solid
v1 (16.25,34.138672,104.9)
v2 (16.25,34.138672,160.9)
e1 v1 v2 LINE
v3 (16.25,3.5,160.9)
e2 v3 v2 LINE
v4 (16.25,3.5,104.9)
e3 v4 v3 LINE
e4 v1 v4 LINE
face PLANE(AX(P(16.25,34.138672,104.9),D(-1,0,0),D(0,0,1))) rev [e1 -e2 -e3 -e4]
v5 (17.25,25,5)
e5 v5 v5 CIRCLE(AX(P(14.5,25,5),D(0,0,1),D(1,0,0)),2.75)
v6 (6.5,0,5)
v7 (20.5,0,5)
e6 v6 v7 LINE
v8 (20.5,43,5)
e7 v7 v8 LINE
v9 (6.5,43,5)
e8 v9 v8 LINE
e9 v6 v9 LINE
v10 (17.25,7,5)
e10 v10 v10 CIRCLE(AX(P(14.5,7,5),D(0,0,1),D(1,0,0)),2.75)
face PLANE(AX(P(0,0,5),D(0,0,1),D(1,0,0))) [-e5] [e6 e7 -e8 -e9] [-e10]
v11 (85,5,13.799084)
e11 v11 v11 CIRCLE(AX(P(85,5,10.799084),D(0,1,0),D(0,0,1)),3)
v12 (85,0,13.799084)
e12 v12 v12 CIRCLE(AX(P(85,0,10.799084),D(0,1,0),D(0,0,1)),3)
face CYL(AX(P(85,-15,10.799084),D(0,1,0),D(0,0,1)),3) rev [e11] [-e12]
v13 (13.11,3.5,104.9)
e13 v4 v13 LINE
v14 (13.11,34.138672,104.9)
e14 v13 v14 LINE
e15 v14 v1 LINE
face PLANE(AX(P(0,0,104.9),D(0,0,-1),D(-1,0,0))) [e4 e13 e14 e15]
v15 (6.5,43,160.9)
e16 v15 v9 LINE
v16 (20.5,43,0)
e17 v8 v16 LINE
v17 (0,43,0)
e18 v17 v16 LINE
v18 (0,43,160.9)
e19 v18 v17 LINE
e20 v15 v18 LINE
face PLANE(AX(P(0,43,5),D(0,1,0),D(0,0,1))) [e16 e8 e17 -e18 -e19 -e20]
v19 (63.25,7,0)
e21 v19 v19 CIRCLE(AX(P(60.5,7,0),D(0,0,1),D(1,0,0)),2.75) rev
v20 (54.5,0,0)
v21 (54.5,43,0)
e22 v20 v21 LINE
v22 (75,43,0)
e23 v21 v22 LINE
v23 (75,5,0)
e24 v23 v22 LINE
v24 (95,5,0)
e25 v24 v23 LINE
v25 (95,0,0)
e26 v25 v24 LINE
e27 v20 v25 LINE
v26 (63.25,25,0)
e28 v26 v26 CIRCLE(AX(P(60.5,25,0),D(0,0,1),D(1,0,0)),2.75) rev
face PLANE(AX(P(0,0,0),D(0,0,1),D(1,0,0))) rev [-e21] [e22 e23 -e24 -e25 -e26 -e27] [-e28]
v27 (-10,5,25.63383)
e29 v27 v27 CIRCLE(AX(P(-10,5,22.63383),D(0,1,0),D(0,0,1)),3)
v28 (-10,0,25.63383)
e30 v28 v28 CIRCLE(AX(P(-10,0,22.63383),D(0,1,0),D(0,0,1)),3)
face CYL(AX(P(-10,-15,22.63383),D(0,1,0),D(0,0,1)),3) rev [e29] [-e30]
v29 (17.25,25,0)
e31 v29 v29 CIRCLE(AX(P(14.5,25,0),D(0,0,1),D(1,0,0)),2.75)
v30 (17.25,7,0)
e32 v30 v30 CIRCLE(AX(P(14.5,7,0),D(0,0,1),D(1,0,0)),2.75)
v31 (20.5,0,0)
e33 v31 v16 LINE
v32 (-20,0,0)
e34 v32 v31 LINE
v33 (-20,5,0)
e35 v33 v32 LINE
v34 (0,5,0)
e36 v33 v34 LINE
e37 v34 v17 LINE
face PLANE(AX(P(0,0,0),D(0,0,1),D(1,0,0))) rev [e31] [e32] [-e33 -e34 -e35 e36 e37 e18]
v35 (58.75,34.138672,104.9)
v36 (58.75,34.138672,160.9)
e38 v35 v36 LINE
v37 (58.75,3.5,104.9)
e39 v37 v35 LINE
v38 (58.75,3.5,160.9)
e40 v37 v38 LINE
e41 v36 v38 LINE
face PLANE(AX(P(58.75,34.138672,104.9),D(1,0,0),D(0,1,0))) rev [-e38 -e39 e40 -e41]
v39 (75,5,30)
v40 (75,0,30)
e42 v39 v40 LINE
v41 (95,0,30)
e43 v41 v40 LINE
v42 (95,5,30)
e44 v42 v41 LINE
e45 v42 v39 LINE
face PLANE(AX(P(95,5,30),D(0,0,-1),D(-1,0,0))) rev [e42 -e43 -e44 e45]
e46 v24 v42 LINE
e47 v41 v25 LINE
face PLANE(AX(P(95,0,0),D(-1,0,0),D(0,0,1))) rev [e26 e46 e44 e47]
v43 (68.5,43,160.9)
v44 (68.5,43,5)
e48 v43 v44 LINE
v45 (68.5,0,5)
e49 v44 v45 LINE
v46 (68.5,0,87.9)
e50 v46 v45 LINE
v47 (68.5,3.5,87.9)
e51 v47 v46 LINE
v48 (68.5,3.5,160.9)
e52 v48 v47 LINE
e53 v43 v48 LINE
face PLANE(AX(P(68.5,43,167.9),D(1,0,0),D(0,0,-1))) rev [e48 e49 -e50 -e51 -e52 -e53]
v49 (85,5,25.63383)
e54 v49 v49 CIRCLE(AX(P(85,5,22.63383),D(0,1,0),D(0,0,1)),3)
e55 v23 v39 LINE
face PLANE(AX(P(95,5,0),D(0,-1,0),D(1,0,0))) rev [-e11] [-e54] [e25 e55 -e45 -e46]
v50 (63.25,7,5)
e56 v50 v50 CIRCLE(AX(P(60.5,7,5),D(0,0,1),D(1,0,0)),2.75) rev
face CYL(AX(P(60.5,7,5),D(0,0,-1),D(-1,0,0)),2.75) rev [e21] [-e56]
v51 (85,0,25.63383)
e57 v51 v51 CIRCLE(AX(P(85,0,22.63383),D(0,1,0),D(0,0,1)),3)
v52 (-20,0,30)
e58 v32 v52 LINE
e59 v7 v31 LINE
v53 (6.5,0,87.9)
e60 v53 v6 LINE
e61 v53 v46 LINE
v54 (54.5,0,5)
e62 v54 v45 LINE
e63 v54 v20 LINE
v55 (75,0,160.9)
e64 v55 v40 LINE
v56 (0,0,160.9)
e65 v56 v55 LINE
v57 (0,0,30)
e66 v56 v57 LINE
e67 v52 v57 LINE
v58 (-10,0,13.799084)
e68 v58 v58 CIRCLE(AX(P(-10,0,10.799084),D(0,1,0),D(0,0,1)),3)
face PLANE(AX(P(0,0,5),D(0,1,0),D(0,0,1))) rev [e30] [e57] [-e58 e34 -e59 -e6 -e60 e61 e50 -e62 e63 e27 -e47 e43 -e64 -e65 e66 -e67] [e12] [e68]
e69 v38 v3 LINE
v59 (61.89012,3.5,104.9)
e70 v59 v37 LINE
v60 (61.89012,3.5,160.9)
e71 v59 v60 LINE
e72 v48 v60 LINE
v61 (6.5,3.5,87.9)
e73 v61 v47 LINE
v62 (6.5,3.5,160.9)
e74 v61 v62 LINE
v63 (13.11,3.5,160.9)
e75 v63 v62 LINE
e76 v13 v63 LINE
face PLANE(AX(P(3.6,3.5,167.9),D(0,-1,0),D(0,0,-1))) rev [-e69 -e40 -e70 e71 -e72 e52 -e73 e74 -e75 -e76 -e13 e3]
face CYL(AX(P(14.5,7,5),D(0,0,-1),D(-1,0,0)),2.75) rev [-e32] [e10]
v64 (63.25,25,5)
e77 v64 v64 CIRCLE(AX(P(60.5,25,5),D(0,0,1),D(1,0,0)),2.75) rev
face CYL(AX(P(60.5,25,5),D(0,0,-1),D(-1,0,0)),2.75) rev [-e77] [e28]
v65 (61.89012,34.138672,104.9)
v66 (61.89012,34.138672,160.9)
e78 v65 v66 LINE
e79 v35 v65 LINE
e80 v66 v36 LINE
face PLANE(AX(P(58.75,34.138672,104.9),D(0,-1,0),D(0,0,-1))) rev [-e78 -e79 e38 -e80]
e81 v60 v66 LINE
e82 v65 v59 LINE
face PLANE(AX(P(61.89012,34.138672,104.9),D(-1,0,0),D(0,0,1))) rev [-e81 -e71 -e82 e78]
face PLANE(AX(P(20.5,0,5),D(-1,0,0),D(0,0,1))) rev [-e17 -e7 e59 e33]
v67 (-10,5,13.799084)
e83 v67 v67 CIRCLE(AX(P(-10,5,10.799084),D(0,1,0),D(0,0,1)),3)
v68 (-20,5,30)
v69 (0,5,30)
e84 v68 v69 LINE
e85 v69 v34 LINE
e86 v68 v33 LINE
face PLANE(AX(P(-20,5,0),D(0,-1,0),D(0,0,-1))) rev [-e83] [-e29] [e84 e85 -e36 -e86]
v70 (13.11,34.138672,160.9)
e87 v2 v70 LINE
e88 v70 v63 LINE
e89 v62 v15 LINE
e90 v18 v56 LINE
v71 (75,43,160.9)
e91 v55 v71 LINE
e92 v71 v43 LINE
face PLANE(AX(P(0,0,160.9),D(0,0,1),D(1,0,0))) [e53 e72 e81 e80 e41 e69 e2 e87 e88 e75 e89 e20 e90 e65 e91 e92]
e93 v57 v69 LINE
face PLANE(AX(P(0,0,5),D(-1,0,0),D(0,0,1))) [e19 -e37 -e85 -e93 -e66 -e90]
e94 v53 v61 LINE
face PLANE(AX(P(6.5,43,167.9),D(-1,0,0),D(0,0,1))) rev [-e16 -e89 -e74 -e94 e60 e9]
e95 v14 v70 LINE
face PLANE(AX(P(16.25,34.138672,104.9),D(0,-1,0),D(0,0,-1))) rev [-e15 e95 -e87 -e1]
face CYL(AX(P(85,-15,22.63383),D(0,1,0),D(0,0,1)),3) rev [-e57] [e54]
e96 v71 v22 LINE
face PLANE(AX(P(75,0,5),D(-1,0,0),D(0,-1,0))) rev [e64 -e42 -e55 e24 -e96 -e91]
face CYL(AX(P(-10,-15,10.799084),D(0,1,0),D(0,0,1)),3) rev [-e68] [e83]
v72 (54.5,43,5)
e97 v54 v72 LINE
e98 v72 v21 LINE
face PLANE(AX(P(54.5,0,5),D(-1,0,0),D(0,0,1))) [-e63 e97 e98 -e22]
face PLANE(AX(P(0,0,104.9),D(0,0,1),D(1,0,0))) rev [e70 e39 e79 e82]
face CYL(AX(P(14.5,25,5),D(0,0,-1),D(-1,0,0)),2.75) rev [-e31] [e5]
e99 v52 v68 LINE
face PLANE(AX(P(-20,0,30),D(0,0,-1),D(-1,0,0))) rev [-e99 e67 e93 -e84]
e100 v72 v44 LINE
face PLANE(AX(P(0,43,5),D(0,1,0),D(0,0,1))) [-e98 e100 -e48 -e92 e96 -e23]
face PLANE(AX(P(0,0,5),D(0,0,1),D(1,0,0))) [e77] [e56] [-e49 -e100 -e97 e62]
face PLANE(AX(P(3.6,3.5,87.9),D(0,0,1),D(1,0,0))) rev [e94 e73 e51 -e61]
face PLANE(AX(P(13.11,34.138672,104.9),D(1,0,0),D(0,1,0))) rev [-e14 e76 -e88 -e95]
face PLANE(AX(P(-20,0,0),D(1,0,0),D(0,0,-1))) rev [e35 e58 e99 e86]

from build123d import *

# Parameters (mm, degrees)
SKETCH1_R             = 2.75
BOSS_EXTRUDE1_DEPTH   = 5
BOSS_EXTRUDE1_2_DEPTH = 5
SKETCH16_W            = 6.5
SKETCH16_H            = 43
BOSS_EXTRUDE2_DEPTH   = 162.9
SKETCH18_W            = 80
SKETCH18_H            = 3.5
BOSS_EXTRUDE3_DEPTH   = 64.9
SKETCH19_W            = 5
SKETCH19_H            = 39.5
BOSS_EXTRUDE4_DEPTH   = 64.9
SKETCH20_W            = 30
SKETCH20_H            = 5
BOSS_EXTRUDE5_DEPTH   = 20
SKETCH21_W            = 30
SKETCH21_H            = 5
BOSS_EXTRUDE6_DEPTH   = 20
SKETCH22_R            = 3
CUT_EXTRUDE1_DEPTH    = 20
SKETCH24_W            = 3.140120034
SKETCH24_H            = 30.638672015
SKETCH24_W_2          = 3.14
BOSS_EXTRUDE8_DEPTH   = 58
SKETCH25_W            = 75
SKETCH25_H            = 43
CUT_EXTRUDE2_DEPTH    = 7


with BuildPart() as part:
    # Sketch1 → Boss-Extrude1 (new body)
    with BuildSketch(Plane.XY):
        Polygon((20.5, 43), (20.5, 18), (20.5, 0), (0, 0), (0, 43), align=None)
        with Locations((14.5, 25)):
            Circle(SKETCH1_R, mode=Mode.SUBTRACT)
        with Locations((14.5, 7)):
            Circle(SKETCH1_R, mode=Mode.SUBTRACT)
    extrude(amount=BOSS_EXTRUDE1_DEPTH)



with BuildPart() as body_2:
    # Sketch1 → Boss-Extrude1 2 (new body)
    with BuildSketch(Plane.XY):
        Polygon((75, 0), (75, 43), (54.5, 43), (54.5, 18), (54.5, 0), align=None)
        with Locations((60.5, 7)):
            Circle(SKETCH1_R, mode=Mode.SUBTRACT)
        with Locations((60.5, 25)):
            Circle(SKETCH1_R, mode=Mode.SUBTRACT)
    extrude(amount=BOSS_EXTRUDE1_2_DEPTH)


with BuildPart() as part_1:
    add(part.part)

    add(body_2.part)  # Boss-Extrude2 merges body 2
    # Sketch16 → Boss-Extrude2 (add)
    with BuildSketch(Plane.XY.offset(5)):
        with Locations((71.75, 21.5)):
            Rectangle(SKETCH16_W, SKETCH16_H)
        with Locations((3.25, 21.5)):
            Rectangle(SKETCH16_W, SKETCH16_H)
    extrude(amount=BOSS_EXTRUDE2_DEPTH)

    # Sketch18 → Boss-Extrude3 (add)
    with BuildSketch(Plane.ZY.offset(-68.5)):
        with Locations((127.9, 1.75)):
            Rectangle(SKETCH18_W, SKETCH18_H)
    extrude(amount=BOSS_EXTRUDE3_DEPTH)

    # Sketch19 → Boss-Extrude4 (add)
    with BuildSketch(Plane.ZY.offset(-68.5)):
        with Locations((165.4, 23.25)):
            Rectangle(SKETCH19_W, SKETCH19_H)
    extrude(amount=BOSS_EXTRUDE4_DEPTH)

    # Sketch20 → Boss-Extrude5 (add)
    with BuildSketch(Plane.ZY):
        with Locations((15, 2.5)):
            Rectangle(SKETCH20_W, SKETCH20_H)
    extrude(amount=BOSS_EXTRUDE5_DEPTH)

    # Sketch21 → Boss-Extrude6 (add)
    with BuildSketch(Plane(origin=(75, 0, 0), x_dir=(0, 0, -1), z_dir=(1, 0, 0))):
        with Locations((-15, 2.5)):
            Rectangle(SKETCH21_W, SKETCH21_H)
    extrude(amount=BOSS_EXTRUDE6_DEPTH)

    # Sketch22 → Cut-Extrude1 (cut)
    with BuildSketch(Plane(origin=(0, 5, 0), x_dir=(1, 0, 0), z_dir=(0, 1, 0))):
        with Locations(Location((-10, -10.799084074, 0), (0, 0, 270))):
            Circle(SKETCH22_R)
        with Locations(Location((-10, -22.633830435, 0), (0, 0, 270))):
            Circle(SKETCH22_R)
        with Locations(Location((85, -10.799084074, 0), (0, 0, 270))):
            Circle(SKETCH22_R)
        with Locations(Location((85, -22.633830435, 0), (0, 0, 270))):
            Circle(SKETCH22_R)
    extrude(amount=-CUT_EXTRUDE1_DEPTH, mode=Mode.SUBTRACT)

    # Sketch24 → Boss-Extrude8 (add)
    with BuildSketch(Plane(origin=(0, 0, 162.9), x_dir=(-1, 0, 0), z_dir=(0, 0, -1))):
        with Locations((-60.320060017, 18.819336008)):
            Rectangle(SKETCH24_W, SKETCH24_H)
        with Locations((-14.68, 18.819336008)):
            Rectangle(SKETCH24_W_2, SKETCH24_H)
    extrude(amount=BOSS_EXTRUDE8_DEPTH)

    # Sketch25 → Cut-Extrude2 (cut)
    with BuildSketch(Plane.XY.offset(167.9)):
        with Locations((37.5, 21.5)):
            Rectangle(SKETCH25_W, SKETCH25_H)
    extrude(amount=-CUT_EXTRUDE2_DEPTH, mode=Mode.SUBTRACT)


solid = part_1.part
